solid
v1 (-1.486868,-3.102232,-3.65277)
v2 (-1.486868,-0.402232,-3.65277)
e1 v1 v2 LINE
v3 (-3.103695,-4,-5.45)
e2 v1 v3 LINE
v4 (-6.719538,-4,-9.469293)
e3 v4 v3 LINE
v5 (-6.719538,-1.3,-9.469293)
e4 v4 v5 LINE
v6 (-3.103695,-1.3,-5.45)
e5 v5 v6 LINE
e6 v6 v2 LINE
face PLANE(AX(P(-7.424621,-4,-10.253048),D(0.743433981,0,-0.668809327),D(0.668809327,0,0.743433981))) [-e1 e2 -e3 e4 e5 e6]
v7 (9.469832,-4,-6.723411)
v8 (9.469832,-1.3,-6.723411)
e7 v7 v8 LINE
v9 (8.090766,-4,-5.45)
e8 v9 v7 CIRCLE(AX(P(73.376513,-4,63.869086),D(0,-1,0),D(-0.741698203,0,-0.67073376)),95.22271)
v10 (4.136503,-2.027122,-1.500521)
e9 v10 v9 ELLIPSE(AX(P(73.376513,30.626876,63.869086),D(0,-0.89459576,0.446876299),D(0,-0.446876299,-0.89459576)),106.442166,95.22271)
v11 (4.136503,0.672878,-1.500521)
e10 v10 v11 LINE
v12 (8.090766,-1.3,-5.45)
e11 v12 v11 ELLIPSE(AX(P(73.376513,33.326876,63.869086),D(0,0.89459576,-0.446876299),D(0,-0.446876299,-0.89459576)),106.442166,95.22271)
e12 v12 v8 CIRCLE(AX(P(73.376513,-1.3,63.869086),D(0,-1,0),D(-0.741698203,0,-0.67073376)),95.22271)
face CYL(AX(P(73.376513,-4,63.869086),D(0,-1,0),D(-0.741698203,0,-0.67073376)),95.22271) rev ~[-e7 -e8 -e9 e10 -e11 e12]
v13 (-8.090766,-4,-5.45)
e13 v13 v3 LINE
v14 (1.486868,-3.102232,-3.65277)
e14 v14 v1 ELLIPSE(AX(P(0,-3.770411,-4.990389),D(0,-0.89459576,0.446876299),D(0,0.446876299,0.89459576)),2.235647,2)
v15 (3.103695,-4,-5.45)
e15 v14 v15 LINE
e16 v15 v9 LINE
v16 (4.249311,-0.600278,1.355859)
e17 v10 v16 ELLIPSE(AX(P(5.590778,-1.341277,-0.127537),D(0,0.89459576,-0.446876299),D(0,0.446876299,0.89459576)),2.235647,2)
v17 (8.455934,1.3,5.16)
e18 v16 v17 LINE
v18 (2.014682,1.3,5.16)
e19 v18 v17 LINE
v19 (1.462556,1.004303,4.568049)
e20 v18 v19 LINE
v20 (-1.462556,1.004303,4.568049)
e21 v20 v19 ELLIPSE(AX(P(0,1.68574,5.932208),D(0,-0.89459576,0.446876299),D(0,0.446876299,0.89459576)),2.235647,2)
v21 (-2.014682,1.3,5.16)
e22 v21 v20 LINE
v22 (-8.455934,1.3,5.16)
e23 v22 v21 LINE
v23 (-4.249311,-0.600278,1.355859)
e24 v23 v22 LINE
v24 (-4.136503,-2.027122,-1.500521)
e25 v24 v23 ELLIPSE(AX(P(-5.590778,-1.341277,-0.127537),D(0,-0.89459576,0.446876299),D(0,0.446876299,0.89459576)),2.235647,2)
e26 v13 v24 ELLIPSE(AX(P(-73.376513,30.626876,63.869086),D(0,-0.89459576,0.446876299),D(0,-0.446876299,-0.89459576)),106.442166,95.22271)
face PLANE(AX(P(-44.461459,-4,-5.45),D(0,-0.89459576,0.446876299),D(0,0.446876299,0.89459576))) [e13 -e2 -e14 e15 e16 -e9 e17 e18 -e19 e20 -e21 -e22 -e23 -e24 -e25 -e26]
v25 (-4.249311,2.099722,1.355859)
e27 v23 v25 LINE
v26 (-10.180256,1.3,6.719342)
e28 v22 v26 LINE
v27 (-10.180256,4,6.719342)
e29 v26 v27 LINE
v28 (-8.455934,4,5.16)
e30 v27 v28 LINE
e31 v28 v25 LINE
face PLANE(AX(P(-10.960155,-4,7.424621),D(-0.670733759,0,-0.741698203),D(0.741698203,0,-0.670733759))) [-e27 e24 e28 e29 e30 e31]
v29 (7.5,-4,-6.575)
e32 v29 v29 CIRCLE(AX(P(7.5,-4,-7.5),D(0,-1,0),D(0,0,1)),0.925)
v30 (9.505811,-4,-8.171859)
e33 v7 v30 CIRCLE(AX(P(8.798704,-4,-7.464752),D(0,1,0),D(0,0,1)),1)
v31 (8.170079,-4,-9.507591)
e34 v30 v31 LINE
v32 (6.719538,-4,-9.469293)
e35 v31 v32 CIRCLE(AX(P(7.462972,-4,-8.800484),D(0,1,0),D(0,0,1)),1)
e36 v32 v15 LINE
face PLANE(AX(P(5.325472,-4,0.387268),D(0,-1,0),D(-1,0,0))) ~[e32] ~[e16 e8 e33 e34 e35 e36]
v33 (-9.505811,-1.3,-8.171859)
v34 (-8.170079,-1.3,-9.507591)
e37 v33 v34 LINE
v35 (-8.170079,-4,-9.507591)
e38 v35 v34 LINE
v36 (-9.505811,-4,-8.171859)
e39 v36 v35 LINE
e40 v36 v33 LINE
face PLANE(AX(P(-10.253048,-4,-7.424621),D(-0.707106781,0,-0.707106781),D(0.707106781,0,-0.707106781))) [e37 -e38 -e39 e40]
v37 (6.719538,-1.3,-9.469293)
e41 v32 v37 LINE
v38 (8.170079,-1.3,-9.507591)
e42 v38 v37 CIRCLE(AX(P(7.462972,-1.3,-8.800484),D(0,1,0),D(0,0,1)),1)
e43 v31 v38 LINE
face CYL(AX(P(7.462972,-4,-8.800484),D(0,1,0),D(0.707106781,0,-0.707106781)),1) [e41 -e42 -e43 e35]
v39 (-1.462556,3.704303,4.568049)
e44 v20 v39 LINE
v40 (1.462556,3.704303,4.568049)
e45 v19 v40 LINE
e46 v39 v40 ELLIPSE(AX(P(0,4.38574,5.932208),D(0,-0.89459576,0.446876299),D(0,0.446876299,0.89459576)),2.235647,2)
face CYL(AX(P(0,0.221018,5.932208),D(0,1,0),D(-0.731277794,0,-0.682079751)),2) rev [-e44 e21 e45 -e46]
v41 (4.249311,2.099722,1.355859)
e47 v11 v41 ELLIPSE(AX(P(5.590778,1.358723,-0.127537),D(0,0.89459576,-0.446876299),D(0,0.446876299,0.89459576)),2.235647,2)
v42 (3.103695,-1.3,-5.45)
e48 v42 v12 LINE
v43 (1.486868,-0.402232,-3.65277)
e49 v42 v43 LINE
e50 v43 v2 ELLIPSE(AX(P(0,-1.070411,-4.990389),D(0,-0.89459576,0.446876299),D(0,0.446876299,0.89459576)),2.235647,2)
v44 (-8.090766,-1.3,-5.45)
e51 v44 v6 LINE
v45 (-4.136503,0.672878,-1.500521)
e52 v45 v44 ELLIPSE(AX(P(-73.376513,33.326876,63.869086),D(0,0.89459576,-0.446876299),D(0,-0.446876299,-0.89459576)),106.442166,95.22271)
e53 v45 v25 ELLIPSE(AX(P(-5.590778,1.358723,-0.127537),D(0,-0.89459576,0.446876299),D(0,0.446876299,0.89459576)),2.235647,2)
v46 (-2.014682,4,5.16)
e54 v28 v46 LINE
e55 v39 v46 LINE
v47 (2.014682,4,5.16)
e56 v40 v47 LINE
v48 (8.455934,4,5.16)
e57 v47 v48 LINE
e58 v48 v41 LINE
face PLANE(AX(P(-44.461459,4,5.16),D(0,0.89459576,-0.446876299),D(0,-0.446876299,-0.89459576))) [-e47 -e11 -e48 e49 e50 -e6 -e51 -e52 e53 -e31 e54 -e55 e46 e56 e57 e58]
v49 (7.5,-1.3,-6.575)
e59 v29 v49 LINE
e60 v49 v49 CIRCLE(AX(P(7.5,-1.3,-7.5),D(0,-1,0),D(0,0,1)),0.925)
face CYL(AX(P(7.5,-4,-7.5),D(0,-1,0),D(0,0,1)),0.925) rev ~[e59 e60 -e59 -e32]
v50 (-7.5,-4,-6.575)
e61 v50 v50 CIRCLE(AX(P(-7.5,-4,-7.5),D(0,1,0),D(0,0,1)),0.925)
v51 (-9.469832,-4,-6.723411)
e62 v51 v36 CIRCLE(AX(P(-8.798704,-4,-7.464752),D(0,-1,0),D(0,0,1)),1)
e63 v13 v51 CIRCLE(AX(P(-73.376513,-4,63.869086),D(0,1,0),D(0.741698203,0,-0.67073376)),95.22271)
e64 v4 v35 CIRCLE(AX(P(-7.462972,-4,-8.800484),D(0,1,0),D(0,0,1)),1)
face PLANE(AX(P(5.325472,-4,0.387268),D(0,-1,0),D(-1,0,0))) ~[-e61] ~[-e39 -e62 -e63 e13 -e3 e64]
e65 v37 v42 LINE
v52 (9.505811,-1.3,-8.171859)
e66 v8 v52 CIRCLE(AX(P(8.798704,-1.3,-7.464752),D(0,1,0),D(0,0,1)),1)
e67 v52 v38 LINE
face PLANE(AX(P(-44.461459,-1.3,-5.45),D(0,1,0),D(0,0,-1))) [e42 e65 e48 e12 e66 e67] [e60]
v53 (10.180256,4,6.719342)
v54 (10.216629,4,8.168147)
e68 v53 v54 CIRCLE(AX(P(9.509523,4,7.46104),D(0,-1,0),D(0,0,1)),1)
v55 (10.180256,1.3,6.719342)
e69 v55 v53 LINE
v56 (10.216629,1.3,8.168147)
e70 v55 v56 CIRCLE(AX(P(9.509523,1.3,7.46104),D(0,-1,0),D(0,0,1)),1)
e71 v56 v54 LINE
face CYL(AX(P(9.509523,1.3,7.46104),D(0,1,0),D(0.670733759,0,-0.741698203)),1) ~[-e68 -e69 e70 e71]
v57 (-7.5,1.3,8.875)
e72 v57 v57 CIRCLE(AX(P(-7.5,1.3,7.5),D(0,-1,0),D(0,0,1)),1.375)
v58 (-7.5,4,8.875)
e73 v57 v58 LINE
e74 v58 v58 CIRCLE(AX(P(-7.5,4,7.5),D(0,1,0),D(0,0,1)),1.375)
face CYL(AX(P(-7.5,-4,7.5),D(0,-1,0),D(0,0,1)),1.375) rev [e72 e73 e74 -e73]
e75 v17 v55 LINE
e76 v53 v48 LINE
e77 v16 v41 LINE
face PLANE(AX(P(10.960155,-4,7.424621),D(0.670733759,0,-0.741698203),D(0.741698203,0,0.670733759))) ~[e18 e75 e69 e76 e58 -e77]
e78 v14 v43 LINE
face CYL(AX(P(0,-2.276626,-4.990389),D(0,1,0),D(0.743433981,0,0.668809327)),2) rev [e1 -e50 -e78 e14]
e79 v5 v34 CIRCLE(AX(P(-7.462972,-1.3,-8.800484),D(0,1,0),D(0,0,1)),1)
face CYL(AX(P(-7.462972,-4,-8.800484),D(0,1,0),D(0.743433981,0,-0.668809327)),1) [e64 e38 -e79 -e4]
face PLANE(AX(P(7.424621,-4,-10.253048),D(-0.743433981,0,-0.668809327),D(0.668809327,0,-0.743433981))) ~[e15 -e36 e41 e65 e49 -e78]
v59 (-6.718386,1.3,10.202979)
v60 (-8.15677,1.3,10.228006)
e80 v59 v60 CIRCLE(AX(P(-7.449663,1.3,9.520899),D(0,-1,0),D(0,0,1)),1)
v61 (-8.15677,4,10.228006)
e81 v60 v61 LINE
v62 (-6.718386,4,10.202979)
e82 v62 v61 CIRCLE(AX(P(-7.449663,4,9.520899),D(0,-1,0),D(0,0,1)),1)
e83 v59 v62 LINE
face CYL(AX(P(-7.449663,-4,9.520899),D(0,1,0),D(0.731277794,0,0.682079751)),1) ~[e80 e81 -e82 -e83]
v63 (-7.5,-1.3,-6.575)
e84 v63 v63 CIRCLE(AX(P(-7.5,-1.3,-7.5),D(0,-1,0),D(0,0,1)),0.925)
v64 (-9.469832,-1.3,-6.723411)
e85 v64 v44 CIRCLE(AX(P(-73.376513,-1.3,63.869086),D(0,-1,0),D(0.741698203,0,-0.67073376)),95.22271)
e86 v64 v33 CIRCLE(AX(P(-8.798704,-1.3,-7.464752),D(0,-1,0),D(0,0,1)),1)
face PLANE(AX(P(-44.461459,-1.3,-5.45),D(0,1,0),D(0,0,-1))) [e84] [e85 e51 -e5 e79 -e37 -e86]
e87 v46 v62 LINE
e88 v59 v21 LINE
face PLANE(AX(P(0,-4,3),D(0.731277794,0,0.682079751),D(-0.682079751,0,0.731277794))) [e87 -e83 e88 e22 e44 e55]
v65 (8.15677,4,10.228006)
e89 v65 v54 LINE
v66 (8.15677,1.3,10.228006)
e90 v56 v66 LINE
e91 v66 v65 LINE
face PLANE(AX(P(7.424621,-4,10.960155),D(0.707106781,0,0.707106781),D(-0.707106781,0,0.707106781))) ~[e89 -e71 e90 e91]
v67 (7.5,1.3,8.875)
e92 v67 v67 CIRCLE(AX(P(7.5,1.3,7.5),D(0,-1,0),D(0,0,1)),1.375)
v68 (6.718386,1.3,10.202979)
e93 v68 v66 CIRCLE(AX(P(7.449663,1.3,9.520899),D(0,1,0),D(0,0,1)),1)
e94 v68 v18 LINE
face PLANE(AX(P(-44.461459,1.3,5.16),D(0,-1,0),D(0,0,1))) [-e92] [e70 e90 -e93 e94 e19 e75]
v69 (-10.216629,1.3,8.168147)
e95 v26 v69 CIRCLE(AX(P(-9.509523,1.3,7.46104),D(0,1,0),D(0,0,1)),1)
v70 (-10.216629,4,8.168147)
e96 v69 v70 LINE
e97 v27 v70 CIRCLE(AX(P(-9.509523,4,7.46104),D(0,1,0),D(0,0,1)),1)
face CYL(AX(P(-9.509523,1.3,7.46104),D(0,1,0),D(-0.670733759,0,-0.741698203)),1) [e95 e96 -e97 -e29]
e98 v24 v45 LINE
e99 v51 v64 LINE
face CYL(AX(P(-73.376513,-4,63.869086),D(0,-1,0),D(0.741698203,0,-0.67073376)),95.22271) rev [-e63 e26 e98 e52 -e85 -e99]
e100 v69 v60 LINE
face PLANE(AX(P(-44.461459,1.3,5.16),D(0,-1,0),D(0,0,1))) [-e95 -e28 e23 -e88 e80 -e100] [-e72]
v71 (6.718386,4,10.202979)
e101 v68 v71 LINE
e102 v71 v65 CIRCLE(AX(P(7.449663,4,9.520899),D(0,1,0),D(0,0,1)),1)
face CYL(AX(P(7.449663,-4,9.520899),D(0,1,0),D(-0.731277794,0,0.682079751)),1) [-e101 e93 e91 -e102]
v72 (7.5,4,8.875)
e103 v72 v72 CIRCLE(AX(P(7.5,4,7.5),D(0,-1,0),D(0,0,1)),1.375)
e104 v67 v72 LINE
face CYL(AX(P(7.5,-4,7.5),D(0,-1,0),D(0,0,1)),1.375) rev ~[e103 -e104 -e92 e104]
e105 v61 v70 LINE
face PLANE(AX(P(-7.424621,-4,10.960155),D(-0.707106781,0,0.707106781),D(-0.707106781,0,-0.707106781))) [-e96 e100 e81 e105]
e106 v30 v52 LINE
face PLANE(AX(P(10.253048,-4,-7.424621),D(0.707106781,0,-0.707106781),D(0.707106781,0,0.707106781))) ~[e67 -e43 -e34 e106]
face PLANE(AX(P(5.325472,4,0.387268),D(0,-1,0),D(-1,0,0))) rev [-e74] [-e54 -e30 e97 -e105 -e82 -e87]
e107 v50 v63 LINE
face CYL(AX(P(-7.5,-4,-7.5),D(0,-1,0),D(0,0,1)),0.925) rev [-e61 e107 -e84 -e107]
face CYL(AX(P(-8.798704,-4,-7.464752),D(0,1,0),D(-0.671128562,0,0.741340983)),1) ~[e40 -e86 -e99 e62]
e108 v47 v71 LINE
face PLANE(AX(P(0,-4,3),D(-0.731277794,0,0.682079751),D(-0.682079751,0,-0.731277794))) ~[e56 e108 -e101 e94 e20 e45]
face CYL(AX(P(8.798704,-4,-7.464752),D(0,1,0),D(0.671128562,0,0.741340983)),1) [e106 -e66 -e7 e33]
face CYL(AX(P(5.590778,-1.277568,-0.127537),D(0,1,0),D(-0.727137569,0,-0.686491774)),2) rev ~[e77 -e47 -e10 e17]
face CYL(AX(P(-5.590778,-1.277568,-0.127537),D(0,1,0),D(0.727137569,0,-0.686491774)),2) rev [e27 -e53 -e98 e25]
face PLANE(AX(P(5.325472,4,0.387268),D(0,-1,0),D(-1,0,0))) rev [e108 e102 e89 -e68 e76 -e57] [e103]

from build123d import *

# Parameters (mm, degrees)
BOSS_EXTRUDE1_DEPTH      = 4
BOSS_EXTRUDE1_DEPTH_BACK = 4
SKETCH1_R                = 1.375
SKETCH1_R_2              = 0.925
CUT_EXTRUDE1_DEPTH       = 29.461459085
CUT_EXTRUDE1_DEPTH_BACK  = 29.461459085
FILLET1_R                = 2
FILLET2_R                = 1


with BuildPart() as part:
    # Sketch1 → Boss-Extrude1 (new, two sides: drawn at the far end of the back side and taken through both)
    with BuildSketch(Plane(origin=(0, 0, 0), x_dir=(1, 0, 0), z_dir=(0, 1, 0)).offset(-BOSS_EXTRUDE1_DEPTH_BACK)):
        with BuildLine():
            Line((0, 2), (-7.424621202, 10.253048327))
            Line((-7.424621202, 10.253048327), (-10.253048327, 7.424621202))
            ThreePointArc((-10.253048327, 7.424621202), (-6.398566018, 3.816356305), (-2.75, 0))
            Line((-2.75, 0), (-10.960155108, -7.424621202))
            Line((-10.960155108, -7.424621202), (-7.424621202, -10.960155108))
            Line((-7.424621202, -10.960155108), (0, -3))
            Line((0, -3), (0, 0))
            Line((0, 0), (0, 2))
        make_face()
        with Locations((-7.5, -7.5)):
            Circle(SKETCH1_R, mode=Mode.SUBTRACT)
        with Locations((-7.5, 7.5)):
            Circle(SKETCH1_R_2, mode=Mode.SUBTRACT)
    extrude(amount=BOSS_EXTRUDE1_DEPTH + BOSS_EXTRUDE1_DEPTH_BACK)

    # Mirror2: part across plane


with BuildPart() as part_1:
    add(part.part)
    add(part.part.mirror(Plane(origin=(0, -4, 0), x_dir=(0, 0, 1), z_dir=(-1, 0, 0))))

    # Sketch3 → Cut-Extrude1 (cut, two sides: drawn at the far end of the back side and taken through both)
    with BuildSketch(Plane(origin=(-15, 0, 0), x_dir=(0, 0, -1), z_dir=(1, 0, 0)).offset(-CUT_EXTRUDE1_DEPTH_BACK)):
        Polygon((5.45, -1.3), (10.25, -1.3), (10.25, 4), (-5.16, 4), align=None)
        Polygon((-10.96, -4), (5.45, -4), (-5.16, 1.3), (-10.96, 1.3), align=None)
    extrude(amount=CUT_EXTRUDE1_DEPTH + CUT_EXTRUDE1_DEPTH_BACK, mode=Mode.SUBTRACT)

    # Fillet1
    fillet1_edges = [part_1.edges().sort_by_distance(p)[0] for p in [
        (2.75, 0.072431668, 0),
        (-2.75, 0.072431668, 0),
        (0, -0.926625825, -2),
        (0, 1.571017908, 3),
    ]]
    fillet(fillet1_edges, radius=FILLET1_R)

    # Fillet2
    fillet2_edges = [part_1.edges().sort_by_distance(p)[0] for p in [
        (-7.424621202, 0, -10.253048327),
        (-10.253048327, -2.65, -7.424621202),
        (7.424621202, 0, -10.253048327),
        (10.253048327, -2.65, -7.424621202),
        (10.960155108, 2.65, 7.424621202),
        (7.424621202, 0, 10.960155108),
        (-10.960155108, 2.65, 7.424621202),
        (-7.424621202, 0, 10.960155108),
    ]]
    fillet(fillet2_edges, radius=FILLET2_R)


solid = part_1.part
